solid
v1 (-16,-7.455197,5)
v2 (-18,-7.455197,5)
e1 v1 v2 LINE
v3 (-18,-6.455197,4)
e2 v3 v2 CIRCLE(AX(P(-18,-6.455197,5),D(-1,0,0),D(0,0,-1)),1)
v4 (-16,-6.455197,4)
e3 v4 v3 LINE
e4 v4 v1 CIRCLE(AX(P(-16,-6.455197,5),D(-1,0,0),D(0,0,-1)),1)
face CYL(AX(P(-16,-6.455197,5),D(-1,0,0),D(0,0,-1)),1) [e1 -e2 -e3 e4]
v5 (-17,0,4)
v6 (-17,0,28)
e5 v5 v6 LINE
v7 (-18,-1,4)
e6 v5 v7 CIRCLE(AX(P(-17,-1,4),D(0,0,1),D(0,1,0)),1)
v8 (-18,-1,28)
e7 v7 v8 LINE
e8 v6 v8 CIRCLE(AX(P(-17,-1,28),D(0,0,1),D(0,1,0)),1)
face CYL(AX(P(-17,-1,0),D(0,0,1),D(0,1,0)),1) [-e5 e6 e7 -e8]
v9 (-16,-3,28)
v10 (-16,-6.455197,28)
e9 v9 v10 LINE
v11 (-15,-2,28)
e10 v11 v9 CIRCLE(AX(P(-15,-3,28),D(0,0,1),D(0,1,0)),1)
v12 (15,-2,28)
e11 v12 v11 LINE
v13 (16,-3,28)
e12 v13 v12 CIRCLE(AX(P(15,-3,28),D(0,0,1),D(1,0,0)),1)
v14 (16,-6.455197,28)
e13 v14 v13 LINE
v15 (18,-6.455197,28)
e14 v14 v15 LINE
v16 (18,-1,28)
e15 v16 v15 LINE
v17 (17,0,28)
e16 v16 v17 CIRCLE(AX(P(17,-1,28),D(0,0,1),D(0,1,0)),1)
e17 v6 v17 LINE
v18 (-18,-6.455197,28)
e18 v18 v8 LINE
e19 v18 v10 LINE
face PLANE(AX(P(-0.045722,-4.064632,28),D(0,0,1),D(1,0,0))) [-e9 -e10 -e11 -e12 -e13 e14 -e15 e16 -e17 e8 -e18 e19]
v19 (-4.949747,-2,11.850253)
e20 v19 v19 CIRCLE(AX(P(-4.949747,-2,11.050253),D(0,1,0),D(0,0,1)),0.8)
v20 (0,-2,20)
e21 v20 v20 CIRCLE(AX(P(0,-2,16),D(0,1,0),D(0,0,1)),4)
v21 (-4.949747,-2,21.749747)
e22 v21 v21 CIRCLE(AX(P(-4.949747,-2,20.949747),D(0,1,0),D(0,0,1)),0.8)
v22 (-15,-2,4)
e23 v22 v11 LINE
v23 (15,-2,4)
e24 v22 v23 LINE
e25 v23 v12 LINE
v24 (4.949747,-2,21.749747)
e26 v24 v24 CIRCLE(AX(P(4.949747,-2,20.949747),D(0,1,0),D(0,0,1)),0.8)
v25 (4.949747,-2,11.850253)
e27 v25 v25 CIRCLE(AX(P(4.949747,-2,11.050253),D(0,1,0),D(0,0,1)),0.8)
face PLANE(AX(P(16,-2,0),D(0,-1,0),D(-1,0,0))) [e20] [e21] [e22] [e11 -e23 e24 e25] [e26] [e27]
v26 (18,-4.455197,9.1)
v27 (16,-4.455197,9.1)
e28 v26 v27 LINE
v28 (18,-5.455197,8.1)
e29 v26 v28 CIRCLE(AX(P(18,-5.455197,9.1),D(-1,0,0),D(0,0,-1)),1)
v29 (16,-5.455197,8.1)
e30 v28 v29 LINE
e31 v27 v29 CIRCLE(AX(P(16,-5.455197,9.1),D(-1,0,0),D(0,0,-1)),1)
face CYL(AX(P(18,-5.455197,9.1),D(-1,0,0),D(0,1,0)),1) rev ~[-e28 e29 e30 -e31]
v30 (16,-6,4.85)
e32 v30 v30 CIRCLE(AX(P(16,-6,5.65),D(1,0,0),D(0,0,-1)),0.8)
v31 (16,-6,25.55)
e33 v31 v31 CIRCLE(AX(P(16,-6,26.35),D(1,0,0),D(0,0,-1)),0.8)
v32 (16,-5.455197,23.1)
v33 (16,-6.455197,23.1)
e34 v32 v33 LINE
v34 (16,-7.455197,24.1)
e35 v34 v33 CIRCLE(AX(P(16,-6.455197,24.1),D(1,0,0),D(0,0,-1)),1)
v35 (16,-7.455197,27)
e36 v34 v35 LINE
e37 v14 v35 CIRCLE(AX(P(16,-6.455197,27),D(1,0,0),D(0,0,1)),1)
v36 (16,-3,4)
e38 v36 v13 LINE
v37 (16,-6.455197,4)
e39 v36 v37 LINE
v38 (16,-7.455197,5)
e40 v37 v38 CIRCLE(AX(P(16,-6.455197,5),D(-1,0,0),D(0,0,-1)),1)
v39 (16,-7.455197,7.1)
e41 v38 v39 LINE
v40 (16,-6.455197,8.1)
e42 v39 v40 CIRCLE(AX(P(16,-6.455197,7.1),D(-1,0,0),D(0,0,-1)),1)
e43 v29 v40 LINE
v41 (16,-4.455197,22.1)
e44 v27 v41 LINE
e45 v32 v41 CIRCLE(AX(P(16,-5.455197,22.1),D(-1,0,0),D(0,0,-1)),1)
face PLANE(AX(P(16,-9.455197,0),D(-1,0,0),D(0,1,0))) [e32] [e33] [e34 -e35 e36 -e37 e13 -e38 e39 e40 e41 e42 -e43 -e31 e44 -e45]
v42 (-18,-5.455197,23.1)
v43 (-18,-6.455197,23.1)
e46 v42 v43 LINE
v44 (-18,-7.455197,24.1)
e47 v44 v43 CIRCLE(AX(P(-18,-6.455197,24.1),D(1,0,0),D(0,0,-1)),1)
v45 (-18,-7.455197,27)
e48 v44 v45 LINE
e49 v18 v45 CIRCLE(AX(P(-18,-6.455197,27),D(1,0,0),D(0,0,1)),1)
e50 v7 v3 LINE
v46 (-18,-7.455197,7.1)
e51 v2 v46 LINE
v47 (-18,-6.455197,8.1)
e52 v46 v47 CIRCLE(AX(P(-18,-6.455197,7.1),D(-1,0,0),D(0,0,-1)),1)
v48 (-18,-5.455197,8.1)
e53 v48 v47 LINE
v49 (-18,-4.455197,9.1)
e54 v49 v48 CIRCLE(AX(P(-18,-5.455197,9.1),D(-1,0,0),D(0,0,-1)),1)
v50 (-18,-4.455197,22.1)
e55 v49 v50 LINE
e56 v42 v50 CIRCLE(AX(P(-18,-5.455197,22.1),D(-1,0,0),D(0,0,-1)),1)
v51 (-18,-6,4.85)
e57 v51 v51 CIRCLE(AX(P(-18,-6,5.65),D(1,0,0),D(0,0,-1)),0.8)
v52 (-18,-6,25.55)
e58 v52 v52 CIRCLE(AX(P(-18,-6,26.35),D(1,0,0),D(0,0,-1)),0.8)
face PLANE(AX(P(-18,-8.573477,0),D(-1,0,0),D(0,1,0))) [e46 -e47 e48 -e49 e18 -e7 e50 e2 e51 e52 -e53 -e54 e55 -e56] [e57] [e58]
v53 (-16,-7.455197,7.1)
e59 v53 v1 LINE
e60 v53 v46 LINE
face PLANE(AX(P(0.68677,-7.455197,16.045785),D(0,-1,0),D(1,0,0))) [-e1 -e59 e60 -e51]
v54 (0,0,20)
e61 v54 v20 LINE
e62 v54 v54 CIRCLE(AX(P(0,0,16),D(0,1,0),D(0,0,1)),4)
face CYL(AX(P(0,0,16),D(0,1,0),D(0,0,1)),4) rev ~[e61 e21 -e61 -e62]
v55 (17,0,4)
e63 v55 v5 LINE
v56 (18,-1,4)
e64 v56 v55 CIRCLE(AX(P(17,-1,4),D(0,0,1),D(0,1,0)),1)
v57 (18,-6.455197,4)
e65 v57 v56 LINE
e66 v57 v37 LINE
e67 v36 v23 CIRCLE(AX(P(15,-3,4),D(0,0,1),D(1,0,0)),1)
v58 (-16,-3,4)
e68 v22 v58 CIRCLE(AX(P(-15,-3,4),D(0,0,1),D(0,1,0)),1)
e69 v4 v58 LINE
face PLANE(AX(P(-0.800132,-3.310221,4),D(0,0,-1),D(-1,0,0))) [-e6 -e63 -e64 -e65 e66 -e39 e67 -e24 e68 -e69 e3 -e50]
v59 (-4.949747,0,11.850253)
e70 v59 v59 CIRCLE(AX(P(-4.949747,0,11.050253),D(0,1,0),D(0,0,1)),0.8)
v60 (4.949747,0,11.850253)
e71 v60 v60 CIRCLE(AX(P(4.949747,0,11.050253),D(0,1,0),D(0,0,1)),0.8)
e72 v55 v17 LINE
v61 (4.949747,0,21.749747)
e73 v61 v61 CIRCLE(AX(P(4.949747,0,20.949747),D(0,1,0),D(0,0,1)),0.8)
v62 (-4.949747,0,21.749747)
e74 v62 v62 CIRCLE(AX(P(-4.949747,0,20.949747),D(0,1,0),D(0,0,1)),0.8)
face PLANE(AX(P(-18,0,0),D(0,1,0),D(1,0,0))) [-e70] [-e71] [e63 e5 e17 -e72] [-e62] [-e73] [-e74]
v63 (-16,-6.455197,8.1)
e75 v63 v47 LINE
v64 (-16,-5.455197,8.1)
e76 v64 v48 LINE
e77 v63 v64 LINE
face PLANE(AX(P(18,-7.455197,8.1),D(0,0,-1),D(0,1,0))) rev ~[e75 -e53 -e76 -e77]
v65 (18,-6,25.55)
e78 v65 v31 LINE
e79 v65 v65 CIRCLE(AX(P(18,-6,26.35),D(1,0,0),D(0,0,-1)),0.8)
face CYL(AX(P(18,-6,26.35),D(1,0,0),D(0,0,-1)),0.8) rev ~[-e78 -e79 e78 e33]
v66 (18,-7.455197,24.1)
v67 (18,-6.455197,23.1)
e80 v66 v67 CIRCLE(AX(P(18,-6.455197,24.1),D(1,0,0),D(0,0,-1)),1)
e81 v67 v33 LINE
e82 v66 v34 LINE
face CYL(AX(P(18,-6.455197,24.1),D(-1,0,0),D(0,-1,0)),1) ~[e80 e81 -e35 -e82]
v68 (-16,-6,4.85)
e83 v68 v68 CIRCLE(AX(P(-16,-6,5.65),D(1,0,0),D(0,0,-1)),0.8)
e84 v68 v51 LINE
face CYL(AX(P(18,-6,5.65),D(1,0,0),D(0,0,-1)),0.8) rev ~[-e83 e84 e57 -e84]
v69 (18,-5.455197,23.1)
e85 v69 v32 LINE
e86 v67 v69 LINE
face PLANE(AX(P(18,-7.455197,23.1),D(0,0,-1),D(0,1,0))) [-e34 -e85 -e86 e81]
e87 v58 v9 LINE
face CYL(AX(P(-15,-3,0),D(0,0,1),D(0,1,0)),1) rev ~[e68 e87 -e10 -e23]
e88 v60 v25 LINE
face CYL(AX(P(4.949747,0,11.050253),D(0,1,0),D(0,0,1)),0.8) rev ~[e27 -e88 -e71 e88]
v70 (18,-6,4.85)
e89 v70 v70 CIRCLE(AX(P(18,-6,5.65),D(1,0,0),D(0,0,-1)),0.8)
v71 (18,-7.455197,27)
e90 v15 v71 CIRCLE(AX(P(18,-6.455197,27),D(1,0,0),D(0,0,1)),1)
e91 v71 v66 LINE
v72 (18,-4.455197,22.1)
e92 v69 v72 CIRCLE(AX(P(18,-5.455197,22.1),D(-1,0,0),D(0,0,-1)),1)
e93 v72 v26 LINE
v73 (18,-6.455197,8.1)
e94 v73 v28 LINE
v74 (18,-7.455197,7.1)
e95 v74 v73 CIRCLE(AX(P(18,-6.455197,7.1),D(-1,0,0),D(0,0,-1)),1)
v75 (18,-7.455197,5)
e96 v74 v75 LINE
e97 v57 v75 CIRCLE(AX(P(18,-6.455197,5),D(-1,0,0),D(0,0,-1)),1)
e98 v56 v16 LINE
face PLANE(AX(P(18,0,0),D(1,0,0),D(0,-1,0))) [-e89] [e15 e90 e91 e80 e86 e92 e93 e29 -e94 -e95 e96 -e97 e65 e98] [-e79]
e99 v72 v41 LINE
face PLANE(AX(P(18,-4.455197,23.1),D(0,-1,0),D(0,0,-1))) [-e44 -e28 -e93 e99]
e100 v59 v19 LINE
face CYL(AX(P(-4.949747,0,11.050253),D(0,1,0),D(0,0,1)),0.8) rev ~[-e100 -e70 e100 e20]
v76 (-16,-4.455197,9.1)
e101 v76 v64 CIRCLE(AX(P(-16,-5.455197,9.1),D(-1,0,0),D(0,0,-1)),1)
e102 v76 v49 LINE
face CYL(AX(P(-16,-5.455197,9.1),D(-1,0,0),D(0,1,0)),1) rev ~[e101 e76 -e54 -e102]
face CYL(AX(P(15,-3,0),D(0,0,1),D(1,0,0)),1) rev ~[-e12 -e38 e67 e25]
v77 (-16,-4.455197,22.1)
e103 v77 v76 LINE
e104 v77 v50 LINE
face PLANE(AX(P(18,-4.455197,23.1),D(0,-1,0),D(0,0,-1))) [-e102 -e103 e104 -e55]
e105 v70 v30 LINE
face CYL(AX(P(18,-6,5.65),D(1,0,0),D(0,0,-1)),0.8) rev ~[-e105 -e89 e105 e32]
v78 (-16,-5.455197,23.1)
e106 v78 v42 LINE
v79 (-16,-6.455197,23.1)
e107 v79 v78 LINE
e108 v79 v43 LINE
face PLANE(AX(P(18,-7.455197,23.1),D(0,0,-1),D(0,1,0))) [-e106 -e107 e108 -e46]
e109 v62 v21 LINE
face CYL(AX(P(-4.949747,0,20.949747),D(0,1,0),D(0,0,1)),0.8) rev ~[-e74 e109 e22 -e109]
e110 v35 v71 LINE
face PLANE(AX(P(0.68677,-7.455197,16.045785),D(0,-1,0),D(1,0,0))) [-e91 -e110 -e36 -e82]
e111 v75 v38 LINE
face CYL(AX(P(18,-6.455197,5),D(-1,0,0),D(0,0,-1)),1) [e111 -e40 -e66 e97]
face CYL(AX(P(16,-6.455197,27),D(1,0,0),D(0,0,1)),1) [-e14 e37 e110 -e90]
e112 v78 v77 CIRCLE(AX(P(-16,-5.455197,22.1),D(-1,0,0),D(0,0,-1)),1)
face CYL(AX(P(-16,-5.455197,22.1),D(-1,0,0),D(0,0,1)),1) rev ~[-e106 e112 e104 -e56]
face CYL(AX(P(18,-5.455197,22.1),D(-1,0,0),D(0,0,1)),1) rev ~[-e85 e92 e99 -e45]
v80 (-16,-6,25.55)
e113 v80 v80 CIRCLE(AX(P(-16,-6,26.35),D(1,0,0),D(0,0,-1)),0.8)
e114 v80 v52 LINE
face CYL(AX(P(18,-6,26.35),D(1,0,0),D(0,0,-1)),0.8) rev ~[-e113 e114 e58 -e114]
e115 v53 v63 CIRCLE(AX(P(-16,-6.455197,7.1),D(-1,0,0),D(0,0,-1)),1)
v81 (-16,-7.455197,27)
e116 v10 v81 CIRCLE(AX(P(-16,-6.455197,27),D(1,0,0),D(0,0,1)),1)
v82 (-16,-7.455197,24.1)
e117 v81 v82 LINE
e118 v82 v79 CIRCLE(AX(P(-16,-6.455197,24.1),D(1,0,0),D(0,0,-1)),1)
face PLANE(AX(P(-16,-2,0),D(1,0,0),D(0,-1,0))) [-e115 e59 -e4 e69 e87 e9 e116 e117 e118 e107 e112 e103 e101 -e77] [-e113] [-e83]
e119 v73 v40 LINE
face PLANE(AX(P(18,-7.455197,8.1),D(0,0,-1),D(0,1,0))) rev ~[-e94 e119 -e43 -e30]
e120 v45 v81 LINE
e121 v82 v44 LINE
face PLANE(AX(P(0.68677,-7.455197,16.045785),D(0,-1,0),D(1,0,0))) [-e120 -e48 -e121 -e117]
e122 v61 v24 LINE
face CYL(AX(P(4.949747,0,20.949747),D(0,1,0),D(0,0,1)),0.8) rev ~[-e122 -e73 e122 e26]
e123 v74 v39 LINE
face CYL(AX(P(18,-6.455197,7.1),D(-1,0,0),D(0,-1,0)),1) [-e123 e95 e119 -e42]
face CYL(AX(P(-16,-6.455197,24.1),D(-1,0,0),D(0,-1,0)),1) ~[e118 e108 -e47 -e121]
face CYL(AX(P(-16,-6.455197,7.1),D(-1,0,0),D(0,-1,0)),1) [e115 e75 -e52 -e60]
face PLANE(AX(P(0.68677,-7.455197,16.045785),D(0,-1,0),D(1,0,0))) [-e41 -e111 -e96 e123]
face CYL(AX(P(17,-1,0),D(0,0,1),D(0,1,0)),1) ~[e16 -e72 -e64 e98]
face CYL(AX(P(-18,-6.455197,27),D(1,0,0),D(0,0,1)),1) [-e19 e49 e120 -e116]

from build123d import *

# Parameters (mm, degrees)
EXTRUDE_1_DEPTH     = 32
FILLET_1_R          = 1
SKETCH_2_R          = 0.8
CUT_EXTRUDE_1_DEPTH = 50.085647116
SKETCH_3_W          = 43.847258393
SKETCH_3_H          = 18.19729806
CUT_EXTRUDE_2_DEPTH = 4
SKETCH_4_W          = 47.825059727
SKETCH_4_H          = 17.237139118
CUT_EXTRUDE_3_DEPTH = 4
SKETCH_5_W          = 40.336284727
SKETCH_5_H          = 27.150302887
CUT_EXTRUDE_4_DEPTH = 2
SKETCH_6_W          = 15
SKETCH_6_H          = 3
CUT_EXTRUDE_5_DEPTH = 47.212335629
FILLET_2_R          = 1
SKETCH_7_R          = 4
SKETCH_7_R_2        = 0.8
CUT_EXTRUDE_6_DEPTH = 2


with BuildPart() as part:
    # 草图1 → 凸台-拉伸1 (new body)
    with BuildSketch(Plane.XY):
        Polygon((-18, 0), (18, 0), (18, -9.455197133), (16, -9.455197133), (16, -2), (-16, -2), (-16, -8.573476703), (-18, -8.573476703), align=None)
    extrude(amount=EXTRUDE_1_DEPTH)

    # 圆角1
    fillet_1_edges = [part.edges().sort_by_distance(p)[0] for p in [
        (-18, 0, 16),
        (18, 0, 16),
        (16, -2, 16),
        (-16, -2, 16),
    ]]
    fillet(fillet_1_edges, radius=FILLET_1_R)

    # 草图2 → 切除-拉伸1 (cut, through all)
    with BuildSketch(Plane(origin=(18, 0, 0), x_dir=(0, 0, -1), z_dir=(1, 0, 0))):
        with Locations((-26.35, -6)):
            Circle(SKETCH_2_R)
        with Locations((-5.65, -6)):
            Circle(SKETCH_2_R)
    extrude(amount=-CUT_EXTRUDE_1_DEPTH, mode=Mode.SUBTRACT)

    # 草图3 → 切除-拉伸2 (cut)
    with BuildSketch(Plane.XY.offset(32)):
        with Locations((-0.045721854, -4.064631677)):
            Rectangle(SKETCH_3_W, SKETCH_3_H)
    extrude(amount=-CUT_EXTRUDE_2_DEPTH, mode=Mode.SUBTRACT)

    # 草图4 → 切除-拉伸3 (cut)
    with BuildSketch(Plane(origin=(0, 0, 0), x_dir=(-1, 0, 0), z_dir=(0, 0, -1))):
        with Locations((0.800132453, -3.310221079)):
            Rectangle(SKETCH_4_W, SKETCH_4_H)
    extrude(amount=-CUT_EXTRUDE_3_DEPTH, mode=Mode.SUBTRACT)

    # 草图5 → 切除-拉伸4 (cut)
    with BuildSketch(Plane.XZ.offset(9.455197133)):
        with Locations((0.686769888, 16.04578466)):
            Rectangle(SKETCH_5_W, SKETCH_5_H)
    extrude(amount=-CUT_EXTRUDE_4_DEPTH, mode=Mode.SUBTRACT)

    # 草图6 → 切除-拉伸5 (cut, through all)
    with BuildSketch(Plane(origin=(18, 0, 0), x_dir=(0, 0, -1), z_dir=(1, 0, 0))):
        with Locations((-15.6, -5.955197133)):
            Rectangle(SKETCH_6_W, SKETCH_6_H)
    extrude(amount=-CUT_EXTRUDE_5_DEPTH, mode=Mode.SUBTRACT)

    # 圆角2
    fillet_2_edges = [part.edges().sort_by_distance(p)[0] for p in [
        (-17, -7.455197133, 4),
        (17, -7.455197133, 4),
        (17, -7.455197133, 28),
        (-17, -7.455197133, 28),
        (17, -7.455197133, 8.1),
        (17, -7.455197133, 23.1),
        (-17, -4.455197133, 23.1),
        (17, -4.455197133, 23.1),
        (-17, -7.455197133, 8.1),
        (-17, -7.455197133, 23.1),
        (-17, -4.455197133, 8.1),
        (17, -4.455197133, 8.1),
    ]]
    fillet(fillet_2_edges, radius=FILLET_2_R)

    # 草图7 → 切除-拉伸6 (cut)
    with BuildSketch(Plane(origin=(0, 0, 0), x_dir=(1, 0, 0), z_dir=(0, 1, 0))):
        with Locations(Location((0, -16, 0), (0, 0, 270))):
            Circle(SKETCH_7_R)
        with Locations(Location((4.949747468, -11.050252532, 0), (0, 0, 270))):
            Circle(SKETCH_7_R_2)
        with Locations(Location((4.949747468, -20.949747468, 0), (0, 0, 270))):
            Circle(SKETCH_7_R_2)
        with Locations(Location((-4.949747468, -20.949747468, 0), (0, 0, 270))):
            Circle(SKETCH_7_R_2)
        with Locations(Location((-4.949747468, -11.050252532, 0), (0, 0, 270))):
            Circle(SKETCH_7_R_2)
    extrude(amount=-CUT_EXTRUDE_6_DEPTH, mode=Mode.SUBTRACT)


solid = part.part
